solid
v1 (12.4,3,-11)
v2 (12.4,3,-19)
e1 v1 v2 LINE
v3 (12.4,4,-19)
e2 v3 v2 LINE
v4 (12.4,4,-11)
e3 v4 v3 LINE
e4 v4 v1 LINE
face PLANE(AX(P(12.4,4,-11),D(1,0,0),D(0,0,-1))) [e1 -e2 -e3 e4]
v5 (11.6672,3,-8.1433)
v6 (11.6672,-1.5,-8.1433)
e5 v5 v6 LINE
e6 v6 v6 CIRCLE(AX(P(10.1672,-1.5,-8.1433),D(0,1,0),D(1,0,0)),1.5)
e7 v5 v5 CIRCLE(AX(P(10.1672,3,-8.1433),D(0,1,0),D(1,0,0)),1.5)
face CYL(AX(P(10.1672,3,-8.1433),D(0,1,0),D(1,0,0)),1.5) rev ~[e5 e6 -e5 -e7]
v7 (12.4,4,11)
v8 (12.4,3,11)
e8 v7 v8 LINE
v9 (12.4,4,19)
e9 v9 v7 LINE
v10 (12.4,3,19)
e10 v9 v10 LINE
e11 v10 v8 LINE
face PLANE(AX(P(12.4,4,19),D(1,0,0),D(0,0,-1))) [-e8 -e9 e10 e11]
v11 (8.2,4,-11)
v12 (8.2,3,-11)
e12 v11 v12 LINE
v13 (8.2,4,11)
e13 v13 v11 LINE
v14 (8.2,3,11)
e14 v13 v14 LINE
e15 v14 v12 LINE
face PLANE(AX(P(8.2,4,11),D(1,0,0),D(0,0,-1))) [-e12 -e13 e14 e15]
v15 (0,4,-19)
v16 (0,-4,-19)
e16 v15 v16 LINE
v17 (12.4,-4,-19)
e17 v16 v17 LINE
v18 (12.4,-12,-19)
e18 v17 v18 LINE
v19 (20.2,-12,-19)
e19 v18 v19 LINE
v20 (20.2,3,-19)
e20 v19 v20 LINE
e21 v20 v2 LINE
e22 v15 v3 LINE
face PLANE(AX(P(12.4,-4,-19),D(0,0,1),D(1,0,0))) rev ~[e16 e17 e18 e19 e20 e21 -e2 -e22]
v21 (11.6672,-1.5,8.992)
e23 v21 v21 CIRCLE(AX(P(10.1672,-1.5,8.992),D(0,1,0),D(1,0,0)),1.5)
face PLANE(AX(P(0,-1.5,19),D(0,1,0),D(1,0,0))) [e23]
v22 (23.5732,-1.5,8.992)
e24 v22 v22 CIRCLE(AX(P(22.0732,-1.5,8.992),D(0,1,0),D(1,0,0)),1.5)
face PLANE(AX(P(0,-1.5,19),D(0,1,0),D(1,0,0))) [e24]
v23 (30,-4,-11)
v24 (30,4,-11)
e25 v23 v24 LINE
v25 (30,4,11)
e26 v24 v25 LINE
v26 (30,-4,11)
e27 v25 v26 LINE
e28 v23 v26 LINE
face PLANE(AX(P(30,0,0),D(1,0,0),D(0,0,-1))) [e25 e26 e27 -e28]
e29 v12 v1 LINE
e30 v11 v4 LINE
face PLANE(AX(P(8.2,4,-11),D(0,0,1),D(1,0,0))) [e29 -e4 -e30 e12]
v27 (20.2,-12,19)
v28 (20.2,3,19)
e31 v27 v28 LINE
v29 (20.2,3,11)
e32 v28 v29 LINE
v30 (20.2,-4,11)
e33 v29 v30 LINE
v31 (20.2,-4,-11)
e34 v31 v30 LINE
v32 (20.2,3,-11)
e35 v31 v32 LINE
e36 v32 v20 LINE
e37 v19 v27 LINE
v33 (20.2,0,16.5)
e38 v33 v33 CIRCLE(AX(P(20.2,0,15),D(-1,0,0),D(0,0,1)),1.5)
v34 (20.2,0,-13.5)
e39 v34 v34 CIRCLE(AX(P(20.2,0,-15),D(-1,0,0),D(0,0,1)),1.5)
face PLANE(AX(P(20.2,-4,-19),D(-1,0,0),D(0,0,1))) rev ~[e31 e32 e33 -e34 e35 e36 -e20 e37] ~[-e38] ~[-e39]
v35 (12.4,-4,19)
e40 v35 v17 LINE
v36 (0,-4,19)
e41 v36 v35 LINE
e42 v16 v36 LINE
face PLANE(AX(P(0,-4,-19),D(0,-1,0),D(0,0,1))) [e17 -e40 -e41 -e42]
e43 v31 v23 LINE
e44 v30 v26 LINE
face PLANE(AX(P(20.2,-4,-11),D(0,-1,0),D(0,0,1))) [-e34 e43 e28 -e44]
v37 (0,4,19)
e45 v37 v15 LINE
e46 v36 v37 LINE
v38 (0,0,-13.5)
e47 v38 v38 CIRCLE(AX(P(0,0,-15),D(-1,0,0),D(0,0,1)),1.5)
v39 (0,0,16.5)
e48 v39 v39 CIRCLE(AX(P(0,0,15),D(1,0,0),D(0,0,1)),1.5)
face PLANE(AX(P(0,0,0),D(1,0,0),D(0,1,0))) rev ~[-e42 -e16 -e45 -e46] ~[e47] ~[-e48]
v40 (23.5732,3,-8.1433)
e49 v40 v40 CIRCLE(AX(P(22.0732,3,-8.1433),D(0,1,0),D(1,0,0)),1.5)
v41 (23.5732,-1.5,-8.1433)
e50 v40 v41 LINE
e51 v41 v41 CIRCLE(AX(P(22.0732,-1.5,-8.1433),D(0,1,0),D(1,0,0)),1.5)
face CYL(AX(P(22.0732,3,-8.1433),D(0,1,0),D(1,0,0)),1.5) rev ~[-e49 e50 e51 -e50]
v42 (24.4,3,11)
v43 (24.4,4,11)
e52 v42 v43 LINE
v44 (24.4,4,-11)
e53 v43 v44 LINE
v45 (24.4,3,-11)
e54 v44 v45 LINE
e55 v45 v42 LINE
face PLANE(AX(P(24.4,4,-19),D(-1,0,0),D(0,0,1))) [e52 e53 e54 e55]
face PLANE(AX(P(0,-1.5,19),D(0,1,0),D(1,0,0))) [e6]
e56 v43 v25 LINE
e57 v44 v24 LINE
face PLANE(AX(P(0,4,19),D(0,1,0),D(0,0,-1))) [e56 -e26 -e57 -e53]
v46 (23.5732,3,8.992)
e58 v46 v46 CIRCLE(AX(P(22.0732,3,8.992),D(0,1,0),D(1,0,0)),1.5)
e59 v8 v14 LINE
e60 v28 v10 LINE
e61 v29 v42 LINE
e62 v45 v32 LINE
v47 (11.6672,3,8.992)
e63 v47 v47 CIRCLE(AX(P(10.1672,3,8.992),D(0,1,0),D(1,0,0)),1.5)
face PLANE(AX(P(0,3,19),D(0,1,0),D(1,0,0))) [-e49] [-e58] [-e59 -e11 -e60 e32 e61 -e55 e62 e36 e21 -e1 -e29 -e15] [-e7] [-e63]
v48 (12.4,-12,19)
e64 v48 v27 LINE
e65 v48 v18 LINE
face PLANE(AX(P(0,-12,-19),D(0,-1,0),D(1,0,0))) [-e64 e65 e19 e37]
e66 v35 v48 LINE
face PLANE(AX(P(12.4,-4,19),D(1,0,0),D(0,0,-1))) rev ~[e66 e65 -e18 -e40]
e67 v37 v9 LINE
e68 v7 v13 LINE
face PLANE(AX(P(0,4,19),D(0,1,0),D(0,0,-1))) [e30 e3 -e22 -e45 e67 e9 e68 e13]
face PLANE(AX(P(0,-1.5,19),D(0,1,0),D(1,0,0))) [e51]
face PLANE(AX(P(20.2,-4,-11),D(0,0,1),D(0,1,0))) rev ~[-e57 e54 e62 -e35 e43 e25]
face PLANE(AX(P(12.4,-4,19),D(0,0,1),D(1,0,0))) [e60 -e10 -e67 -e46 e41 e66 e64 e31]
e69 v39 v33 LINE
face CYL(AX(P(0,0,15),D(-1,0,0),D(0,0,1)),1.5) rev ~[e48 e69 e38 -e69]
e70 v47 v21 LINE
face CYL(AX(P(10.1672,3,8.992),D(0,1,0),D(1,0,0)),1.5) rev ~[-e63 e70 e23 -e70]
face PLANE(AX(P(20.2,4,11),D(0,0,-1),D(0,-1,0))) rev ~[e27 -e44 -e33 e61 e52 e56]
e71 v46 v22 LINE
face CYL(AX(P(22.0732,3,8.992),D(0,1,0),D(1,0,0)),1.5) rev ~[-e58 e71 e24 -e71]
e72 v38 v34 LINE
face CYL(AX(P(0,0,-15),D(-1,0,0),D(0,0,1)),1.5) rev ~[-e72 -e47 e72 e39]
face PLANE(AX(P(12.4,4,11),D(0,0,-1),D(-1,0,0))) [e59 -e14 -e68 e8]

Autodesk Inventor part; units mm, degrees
ref_plane "YZ Plane" through (0, 0, 0) normal (1, 0, 0) x (0, 1, 0)
ref_plane "XZ Plane" through (0, 0, 0) normal (0, 1, 0) x (-1, 0, 0)
ref_plane "XY Plane" through (0, 0, 0) normal (0, 0, 1) x (1, 0, 0)
sketch "Эскиз1" plane through (0, 0, 0) normal (1, 0, 0) x (0, 1, 0)
  line L0 (-4, 19) -> (4, 19)
  line L1 (4, 19) -> (4, -19)
  line L2 (4, -19) -> (-4, -19)
  line L3 (-4, -19) -> (-4, 19)
  line L4 (-4, 19) -> (4, -19) construction
  line L5 (4, 19) -> (-4, -19) construction
  point P0 (0, 0)
  dimension "d0" = 8
  dimension "d1" = 38
extrude "Выдавливание1" add sketch "Эскиз1" along normal blind 20.2
sketch "Эскиз2" plane through (0, 0, 0) normal (-1, 0, 0) x (0, 0, 1)
  line L0 (0, 0) -> (-15, 0)
  line L1 (0, 0) -> (15, 0) construction
  line L2 (-15, 0) -> (15, 0)
  circle A0 centre (-15, 0) radius 1.5
  circle A1 centre (15, 0) radius 1.5
  dimension "d4" = 15
  dimension "d5" = 180
  dimension "d6" = 30
  dimension "d7" = 3
  dimension "d8" = 3
extrude "Выдавливание2" cut sketch "Эскиз2" against normal through all
sketch "Эскиз3" plane through (0, -4, -19) normal (0, -1, 0) x (1, 0, 0)
  line L0 (0, 38) -> (20.2, 38) projected
  line L1 (0, 0) -> (20.2, 0) projected
  line L2 (20.2, 38) -> (12.4, 38)
  line L3 (12.4, 38) -> (12.4, 0)
  line L4 (12.4, 0) -> (20.2, 0)
  line L5 (20.2, 0) -> (20.2, 38)
  point P0 (0, 19)
  dimension "d11" = 7.8
extrude "Выдавливание3" add sketch "Эскиз3" along normal blind 8
sketch "Эскиз4" plane through (20.2, 0, 0) normal (1, 0, 0) x (0, 0, -1)
  line L0 (19, -4) -> (-19, -4) projected
  line L1 (-18.1844, -4) -> (0, -4)
  line L2 (19, 4) -> (-19, 4) projected
  line L3 (-11, -4) -> (11, -4)
  line L4 (11, -4) -> (11, 4)
  line L5 (11, 4) -> (-11, 4)
  line L6 (-11, 4) -> (-11, -4)
  line L7 (-11, -4) -> (11, 4) construction
  line L8 (11, -4) -> (-11, 4) construction
  point P0 (0, 0)
  dimension "d17" = 22
extrude "Выдавливание4" add sketch "Эскиз4" along normal blind 9.8
sketch "Эскиз5" plane through (0, 4, 19) normal (0, 1, 0) x (1, 0, 0)
  line L0 (0, 38) -> (12.4, 38) projected
  line L1 (12.4, 38) -> (24.4, 38)
  line L2 (24.4, 38) -> (24.4, 0)
  line L3 (24.4, 0) -> (12.4, 0)
  line L4 (12.4, 0) -> (12.4, 38)
  line L5 (20.2, 8) -> (30, 8) projected
  line L6 (20.2, 38) -> (20.2, 0) projected
  line L7 (24.4, 8) -> (20.2, 8)
  line L8 (20.2, 8) -> (20.2, 30)
  line L9 (20.2, 30) -> (24.4, 30)
  line L10 (24.4, 30) -> (24.4, 8)
  line L11 (12.4, 0) -> (12.4, 38) projected
  line L12 (12.4, 8) -> (8.2, 8)
  line L13 (8.2, 8) -> (8.2, 30)
  line L14 (8.2, 30) -> (12.4, 30)
  line L15 (12.4, 30) -> (12.4, 8)
  point P0 (0, 19)
  dimension "d20" = 12
  dimension "d21" = 38
  dimension "d24" = 22
  dimension "d25" = 4.2
  dimension "d26" = 4.2
extrude "Выдавливание5" cut sketch "Эскиз5" against normal blind 1
sketch "Эскиз6" plane through (0, 3, 19) normal (0, 1, 0) x (1, 0, 0)
  circle A0 centre (10.1672, 27.1433) radius 1.5
  circle A1 centre (10.1672, 10.008) radius 1.5
  circle A2 centre (22.0732, 27.1433) radius 1.5
  circle A3 centre (22.0732, 10.008) radius 1.5
  point P0 (0, 19)
  dimension "d27" = 3
  dimension "d28" = 3
  dimension "d29" = 3
  dimension "d30" = 3
extrude "Выдавливание6" cut sketch "Эскиз6" against normal blind 4.5
sketch "Эскиз7" plane through (0, 3, 19) normal (0, 1, 0) x (1, 0, 0)
  circle A0 centre (22.0732, 27.1433) radius 1.5 projected
  circle A1 centre (10.1672, 27.1433) radius 1.5 projected
  circle A2 centre (10.1672, 10.008) radius 1.5 projected
  circle A3 centre (22.0732, 10.008) radius 1.5 projected
  line L0 (20.2, 8) -> (20.2, 0) projected
  line L1 (24.4, 8) -> (20.2, 8) projected
  line L2 (24.4, 30) -> (24.4, 8) projected
  line L3 (20.2, 30) -> (24.4, 30) projected
  line L4 (20.2, 38) -> (20.2, 30) projected
  line L5 (12.4, 38) -> (20.2, 38) projected
  line L6 (12.4, 30) -> (12.4, 38) projected
  line L7 (8.2, 30) -> (12.4, 30) projected
  line L8 (8.2, 8) -> (8.2, 30) projected
  line L9 (12.4, 8) -> (8.2, 8) projected
  line L10 (12.4, 0) -> (12.4, 8) projected
  line L11 (20.2, 0) -> (12.4, 0) projected
  point P0 (0, 19)
properties part number "КВ33.044.502 - Фиксатор оси Y" material "Пластик АБС"
